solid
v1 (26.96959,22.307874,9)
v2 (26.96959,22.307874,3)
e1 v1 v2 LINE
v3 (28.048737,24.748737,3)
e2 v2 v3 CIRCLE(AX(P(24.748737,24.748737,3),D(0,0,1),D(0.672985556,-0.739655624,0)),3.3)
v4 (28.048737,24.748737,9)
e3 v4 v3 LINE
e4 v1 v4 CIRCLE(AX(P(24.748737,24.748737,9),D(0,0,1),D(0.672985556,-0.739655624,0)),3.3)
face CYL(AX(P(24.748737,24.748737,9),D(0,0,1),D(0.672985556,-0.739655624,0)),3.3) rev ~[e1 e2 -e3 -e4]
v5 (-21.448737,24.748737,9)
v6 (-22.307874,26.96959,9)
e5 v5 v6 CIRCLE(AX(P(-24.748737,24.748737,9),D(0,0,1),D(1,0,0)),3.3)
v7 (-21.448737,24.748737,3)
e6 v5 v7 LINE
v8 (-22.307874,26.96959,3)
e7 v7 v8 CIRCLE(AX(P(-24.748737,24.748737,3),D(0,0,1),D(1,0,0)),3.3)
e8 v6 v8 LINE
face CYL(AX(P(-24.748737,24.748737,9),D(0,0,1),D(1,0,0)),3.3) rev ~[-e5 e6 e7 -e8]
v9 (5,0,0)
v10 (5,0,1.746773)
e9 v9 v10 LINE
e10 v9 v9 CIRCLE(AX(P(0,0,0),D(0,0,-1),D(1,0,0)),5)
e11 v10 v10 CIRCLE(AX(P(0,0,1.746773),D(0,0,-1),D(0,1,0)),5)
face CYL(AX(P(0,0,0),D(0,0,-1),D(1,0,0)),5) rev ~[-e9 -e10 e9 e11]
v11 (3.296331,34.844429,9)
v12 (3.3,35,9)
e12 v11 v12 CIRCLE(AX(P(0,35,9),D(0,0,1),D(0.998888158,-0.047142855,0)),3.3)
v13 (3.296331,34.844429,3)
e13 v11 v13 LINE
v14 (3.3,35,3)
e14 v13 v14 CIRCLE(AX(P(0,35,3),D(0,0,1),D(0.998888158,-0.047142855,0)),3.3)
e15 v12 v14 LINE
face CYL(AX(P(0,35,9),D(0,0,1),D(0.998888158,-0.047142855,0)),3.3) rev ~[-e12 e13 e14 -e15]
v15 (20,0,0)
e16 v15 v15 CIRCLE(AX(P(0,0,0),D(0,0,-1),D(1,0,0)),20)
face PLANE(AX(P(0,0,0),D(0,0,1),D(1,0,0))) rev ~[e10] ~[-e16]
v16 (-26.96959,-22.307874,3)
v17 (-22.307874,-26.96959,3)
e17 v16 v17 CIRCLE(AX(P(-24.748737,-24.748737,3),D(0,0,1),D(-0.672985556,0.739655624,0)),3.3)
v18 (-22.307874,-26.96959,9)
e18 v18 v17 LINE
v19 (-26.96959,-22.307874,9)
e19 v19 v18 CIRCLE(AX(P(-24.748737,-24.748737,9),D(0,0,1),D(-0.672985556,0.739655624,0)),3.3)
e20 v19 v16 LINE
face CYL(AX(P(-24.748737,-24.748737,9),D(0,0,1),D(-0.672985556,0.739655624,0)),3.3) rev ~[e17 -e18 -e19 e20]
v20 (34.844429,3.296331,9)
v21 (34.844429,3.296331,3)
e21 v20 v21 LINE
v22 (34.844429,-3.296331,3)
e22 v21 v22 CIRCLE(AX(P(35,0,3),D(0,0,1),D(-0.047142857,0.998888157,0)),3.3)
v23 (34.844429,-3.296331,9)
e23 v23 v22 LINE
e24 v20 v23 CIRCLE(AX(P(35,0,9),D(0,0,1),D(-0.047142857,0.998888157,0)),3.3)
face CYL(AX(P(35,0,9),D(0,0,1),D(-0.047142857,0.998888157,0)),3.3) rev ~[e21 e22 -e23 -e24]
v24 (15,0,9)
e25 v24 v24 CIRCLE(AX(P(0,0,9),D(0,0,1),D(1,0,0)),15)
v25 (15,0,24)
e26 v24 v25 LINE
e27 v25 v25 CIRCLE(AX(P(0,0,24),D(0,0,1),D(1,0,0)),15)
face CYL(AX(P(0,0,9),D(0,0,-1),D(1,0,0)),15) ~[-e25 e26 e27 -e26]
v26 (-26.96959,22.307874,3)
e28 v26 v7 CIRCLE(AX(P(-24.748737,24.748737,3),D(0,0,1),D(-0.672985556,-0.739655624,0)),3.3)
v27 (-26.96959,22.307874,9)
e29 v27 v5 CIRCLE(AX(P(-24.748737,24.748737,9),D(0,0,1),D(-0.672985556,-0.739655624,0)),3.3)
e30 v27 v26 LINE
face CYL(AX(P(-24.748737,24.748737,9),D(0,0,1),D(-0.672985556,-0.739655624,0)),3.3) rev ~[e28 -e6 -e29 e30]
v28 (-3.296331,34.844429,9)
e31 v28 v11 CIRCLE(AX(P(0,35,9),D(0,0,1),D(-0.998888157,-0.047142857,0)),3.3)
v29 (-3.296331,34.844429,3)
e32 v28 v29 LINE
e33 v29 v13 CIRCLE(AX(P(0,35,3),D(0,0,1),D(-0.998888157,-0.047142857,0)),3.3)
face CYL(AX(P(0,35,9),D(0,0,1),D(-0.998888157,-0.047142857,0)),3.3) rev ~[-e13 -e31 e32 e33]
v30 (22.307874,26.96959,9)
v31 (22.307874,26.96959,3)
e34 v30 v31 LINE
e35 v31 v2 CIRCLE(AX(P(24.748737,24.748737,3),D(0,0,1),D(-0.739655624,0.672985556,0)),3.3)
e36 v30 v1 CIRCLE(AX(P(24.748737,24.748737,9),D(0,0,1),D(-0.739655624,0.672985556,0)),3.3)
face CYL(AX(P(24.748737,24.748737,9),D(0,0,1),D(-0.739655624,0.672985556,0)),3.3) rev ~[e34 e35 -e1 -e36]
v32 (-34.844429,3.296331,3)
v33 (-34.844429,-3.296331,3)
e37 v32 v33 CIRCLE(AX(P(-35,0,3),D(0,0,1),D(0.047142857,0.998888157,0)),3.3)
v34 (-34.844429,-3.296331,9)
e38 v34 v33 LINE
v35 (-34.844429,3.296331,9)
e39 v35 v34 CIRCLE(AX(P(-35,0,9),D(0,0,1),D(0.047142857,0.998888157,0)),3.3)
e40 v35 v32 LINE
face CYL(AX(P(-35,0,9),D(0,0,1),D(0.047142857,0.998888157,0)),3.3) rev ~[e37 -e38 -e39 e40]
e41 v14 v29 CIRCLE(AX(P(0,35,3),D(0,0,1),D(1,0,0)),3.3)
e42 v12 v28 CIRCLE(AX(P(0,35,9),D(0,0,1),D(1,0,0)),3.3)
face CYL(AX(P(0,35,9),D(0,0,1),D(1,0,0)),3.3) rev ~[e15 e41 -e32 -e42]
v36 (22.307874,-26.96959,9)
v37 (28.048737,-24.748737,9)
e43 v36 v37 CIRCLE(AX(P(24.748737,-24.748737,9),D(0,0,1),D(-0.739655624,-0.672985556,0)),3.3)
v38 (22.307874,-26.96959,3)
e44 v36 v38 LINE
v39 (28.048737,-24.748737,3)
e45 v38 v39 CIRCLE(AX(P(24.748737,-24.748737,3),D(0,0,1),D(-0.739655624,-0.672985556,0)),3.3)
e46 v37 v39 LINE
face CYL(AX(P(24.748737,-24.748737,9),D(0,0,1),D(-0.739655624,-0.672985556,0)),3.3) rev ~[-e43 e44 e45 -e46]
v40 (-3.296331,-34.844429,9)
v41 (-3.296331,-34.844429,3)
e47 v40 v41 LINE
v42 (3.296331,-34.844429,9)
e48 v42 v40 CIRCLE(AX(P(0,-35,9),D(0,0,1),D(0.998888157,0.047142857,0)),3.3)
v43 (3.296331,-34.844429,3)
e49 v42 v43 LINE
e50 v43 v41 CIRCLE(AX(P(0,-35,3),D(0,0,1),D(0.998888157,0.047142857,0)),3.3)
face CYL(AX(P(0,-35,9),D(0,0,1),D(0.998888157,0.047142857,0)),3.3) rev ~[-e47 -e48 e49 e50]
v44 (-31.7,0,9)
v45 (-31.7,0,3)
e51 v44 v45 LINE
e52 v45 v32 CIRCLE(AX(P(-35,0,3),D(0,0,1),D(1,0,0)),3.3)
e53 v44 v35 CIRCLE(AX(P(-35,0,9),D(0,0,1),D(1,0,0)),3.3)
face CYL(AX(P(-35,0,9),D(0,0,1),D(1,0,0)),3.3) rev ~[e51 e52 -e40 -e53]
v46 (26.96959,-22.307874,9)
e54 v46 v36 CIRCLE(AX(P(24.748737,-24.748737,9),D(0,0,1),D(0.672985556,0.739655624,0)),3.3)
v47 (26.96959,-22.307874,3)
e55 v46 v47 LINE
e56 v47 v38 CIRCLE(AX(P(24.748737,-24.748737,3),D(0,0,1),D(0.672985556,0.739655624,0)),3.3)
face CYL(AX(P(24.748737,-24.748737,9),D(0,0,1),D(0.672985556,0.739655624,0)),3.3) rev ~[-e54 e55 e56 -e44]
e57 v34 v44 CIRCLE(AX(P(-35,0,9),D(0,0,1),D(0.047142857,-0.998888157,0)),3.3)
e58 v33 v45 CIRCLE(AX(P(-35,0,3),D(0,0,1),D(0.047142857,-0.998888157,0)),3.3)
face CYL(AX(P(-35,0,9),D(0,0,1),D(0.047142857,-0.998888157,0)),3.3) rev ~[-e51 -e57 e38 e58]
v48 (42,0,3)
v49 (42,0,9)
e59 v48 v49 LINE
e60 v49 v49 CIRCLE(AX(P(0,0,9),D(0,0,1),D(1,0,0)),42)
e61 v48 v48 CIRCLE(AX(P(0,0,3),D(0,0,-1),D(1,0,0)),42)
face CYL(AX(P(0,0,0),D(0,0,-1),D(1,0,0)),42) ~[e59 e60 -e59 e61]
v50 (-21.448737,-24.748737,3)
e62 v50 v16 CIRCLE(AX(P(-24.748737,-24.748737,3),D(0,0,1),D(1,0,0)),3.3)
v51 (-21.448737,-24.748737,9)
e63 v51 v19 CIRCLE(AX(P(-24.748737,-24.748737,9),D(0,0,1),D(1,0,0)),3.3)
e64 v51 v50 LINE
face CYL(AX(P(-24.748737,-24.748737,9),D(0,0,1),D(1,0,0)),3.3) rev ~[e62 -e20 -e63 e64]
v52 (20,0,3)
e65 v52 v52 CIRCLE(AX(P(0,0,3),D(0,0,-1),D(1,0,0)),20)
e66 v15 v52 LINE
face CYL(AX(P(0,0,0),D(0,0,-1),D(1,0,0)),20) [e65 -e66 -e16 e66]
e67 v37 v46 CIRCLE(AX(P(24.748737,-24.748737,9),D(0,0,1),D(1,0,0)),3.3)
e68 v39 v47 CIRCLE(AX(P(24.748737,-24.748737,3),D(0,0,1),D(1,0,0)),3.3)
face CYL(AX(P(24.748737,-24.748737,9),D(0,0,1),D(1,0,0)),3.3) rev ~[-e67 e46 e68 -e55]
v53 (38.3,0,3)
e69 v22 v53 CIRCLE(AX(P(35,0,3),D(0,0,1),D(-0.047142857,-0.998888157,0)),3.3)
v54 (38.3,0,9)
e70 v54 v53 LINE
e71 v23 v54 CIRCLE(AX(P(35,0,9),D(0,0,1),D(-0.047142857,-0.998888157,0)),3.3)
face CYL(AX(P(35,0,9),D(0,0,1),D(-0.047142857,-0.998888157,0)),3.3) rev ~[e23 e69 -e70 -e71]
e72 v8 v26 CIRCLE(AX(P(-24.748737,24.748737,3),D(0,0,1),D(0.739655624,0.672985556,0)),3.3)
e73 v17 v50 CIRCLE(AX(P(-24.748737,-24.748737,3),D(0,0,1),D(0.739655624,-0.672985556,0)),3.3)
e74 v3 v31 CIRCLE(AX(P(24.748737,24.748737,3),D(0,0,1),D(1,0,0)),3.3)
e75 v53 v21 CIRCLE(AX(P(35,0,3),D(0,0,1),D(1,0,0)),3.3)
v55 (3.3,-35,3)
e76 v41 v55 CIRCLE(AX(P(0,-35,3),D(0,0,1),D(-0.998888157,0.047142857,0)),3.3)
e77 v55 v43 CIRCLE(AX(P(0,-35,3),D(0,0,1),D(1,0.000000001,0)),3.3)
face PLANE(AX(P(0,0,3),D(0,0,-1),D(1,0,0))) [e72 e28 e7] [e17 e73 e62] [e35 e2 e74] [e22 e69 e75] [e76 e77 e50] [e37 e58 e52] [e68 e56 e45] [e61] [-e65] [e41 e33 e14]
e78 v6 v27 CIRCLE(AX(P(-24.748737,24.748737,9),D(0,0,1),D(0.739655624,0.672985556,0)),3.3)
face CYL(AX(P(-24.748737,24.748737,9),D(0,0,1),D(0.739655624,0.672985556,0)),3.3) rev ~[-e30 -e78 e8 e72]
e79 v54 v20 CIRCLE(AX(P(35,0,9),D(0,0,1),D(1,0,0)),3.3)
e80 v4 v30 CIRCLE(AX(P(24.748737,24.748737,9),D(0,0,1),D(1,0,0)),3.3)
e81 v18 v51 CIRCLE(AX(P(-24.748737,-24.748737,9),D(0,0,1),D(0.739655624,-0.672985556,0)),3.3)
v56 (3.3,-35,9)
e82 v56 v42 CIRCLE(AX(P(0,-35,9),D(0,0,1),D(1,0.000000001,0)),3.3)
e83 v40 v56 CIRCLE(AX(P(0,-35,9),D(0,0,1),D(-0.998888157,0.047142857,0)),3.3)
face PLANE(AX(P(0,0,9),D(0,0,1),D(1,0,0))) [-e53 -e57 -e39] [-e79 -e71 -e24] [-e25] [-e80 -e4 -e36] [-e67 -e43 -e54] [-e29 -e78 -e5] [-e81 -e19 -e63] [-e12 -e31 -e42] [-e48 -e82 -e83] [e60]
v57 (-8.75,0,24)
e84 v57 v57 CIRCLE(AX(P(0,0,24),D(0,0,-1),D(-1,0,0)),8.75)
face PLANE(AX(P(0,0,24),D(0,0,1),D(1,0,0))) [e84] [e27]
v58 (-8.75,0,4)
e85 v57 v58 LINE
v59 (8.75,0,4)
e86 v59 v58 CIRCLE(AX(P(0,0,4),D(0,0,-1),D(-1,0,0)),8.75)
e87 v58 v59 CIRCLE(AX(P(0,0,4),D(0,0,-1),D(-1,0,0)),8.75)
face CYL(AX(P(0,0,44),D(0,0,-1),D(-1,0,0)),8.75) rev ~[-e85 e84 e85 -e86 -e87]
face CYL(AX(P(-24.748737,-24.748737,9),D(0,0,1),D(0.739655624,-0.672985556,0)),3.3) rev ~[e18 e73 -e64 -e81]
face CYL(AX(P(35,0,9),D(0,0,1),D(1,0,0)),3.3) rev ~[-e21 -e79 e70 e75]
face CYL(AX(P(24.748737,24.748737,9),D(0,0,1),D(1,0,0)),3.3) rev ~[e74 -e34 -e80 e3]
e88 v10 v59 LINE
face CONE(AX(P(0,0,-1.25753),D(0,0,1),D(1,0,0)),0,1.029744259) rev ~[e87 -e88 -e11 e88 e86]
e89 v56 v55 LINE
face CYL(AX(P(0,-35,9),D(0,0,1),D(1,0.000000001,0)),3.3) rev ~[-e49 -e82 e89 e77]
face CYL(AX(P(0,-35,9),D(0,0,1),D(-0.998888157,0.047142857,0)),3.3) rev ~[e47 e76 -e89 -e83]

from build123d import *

# Parameters (mm, degrees)
F0_R      = 42
F1_DEPTH  = 9
F2_R      = 42
F2_R_2    = 20
F3_DEPTH  = 3
F4_R      = 15
F5_DEPTH  = 15
F8_DEPTH  = 25
F9_R      = 5
F10_DEPTH = 24.001
F11_D     = 17.5
F11_DEPTH = 20
F11_TIP   = 5.2575304165


with BuildPart() as f1:
    # F0 (on Top) → F1 (new body)
    with BuildSketch(Plane.XY):
        Circle(F0_R)
    extrude(amount=F1_DEPTH)

    # F2 (on face) → F3 (cut)
    with BuildSketch(Plane(origin=(0, 0, 0), x_dir=(1, 0, 0), z_dir=(0, 0, -1))):
        Circle(F2_R)
        Circle(F2_R_2, mode=Mode.SUBTRACT)
    extrude(amount=-F3_DEPTH, mode=Mode.SUBTRACT)

    # F4 (on face) → F5 (join)
    with BuildSketch(Plane.XY.offset(9)):
        Circle(F4_R)
    extrude(amount=F5_DEPTH)

    # F7 (on face) → F8 (cut)
    with BuildSketch(Plane.XY.offset(9)):
        with BuildLine():
            ThreePointArc((-3.2963309195, 34.8444285714), (0, 31.7), (3.2963309195, 34.8444285714))
            ThreePointArc((3.2963309195, 34.8444285714), (0, 35), (-3.2963309195, 34.8444285714))
        make_face()
        with BuildLine():
            ThreePointArc((-3.2963309195, 34.8444285714), (0, 35), (3.2963309195, 34.8444285714))
            ThreePointArc((3.2963309195, 34.8444285714), (3.2990826023, 34.9221926553), (3.3, 35))
            ThreePointArc((3.3, 35), (-0.0778073447, 38.2990826023), (-3.2963309195, 34.8444285714))
        make_face()
        with BuildLine():
            ThreePointArc((-21.4487373415, 24.7487373415), (-21.6710068674, 25.9393569822), (-22.3078737832, 26.9695896756))
            ThreePointArc((-22.3078737832, 26.9695896756), (-24.7487373415, 24.7487373415), (-26.9695896756, 22.3078737832))
            ThreePointArc((-26.9695896756, 22.3078737832), (-23.4143484744, 21.7305580309), (-21.4487373415, 24.7487373415))
        make_face()
        with BuildLine():
            ThreePointArc((-26.9695896756, 22.3078737832), (-24.7487373415, 24.7487373415), (-22.3078737832, 26.9695896756))
            ThreePointArc((-22.3078737832, 26.9695896756), (-27.0821897194, 27.0821897194), (-26.9695896756, 22.3078737832))
        make_face()
        with BuildLine():
            ThreePointArc((-31.7, 0), (-32.6121782191, 2.2777855788), (-34.8444285714, 3.2963309195))
            ThreePointArc((-34.8444285714, 3.2963309195), (-35, 0), (-34.8444285714, -3.2963309195))
            ThreePointArc((-34.8444285714, -3.2963309195), (-32.6121782191, -2.2777855788), (-31.7, 0))
        make_face()
        with BuildLine():
            ThreePointArc((-34.8444285714, -3.2963309195), (-35, 0), (-34.8444285714, 3.2963309195))
            ThreePointArc((-34.8444285714, 3.2963309195), (-38.3, 0), (-34.8444285714, -3.2963309195))
        make_face()
        with BuildLine():
            ThreePointArc((-26.9695896756, -22.3078737832), (-27.0821897194, -27.0821897194), (-22.3078737832, -26.9695896756))
            ThreePointArc((-22.3078737832, -26.9695896756), (-24.7487373415, -24.7487373415), (-26.9695896756, -22.3078737832))
        make_face()
        with BuildLine():
            ThreePointArc((-26.9695896756, -22.3078737832), (-24.7487373415, -24.7487373415), (-22.3078737832, -26.9695896756))
            ThreePointArc((-22.3078737832, -26.9695896756), (-21.6710068674, -25.9393569822), (-21.4487373415, -24.7487373415))
            ThreePointArc((-21.4487373415, -24.7487373415), (-23.4143484744, -21.7305580309), (-26.9695896756, -22.3078737832))
        make_face()
        with BuildLine():
            ThreePointArc((-3.2963309195, -34.8444285714), (0, -35), (3.2963309195, -34.8444285714))
            ThreePointArc((3.2963309195, -34.8444285714), (0, -31.7), (-3.2963309195, -34.8444285714))
        make_face()
        with BuildLine():
            ThreePointArc((3.3, -35), (3.2990826023, -34.9221926553), (3.2963309195, -34.8444285714))
            ThreePointArc((3.2963309195, -34.8444285714), (0, -35), (-3.2963309195, -34.8444285714))
            ThreePointArc((-3.2963309195, -34.8444285714), (-0.0778073447, -38.2990826023), (3.3, -35))
        make_face()
        with BuildLine():
            ThreePointArc((28.0487373415, -24.7487373415), (27.7669166522, -23.4143484744), (26.9695896756, -22.3078737832))
            ThreePointArc((26.9695896756, -22.3078737832), (24.7487373415, -24.7487373415), (22.3078737832, -26.9695896756))
            ThreePointArc((22.3078737832, -26.9695896756), (25.9393569822, -27.8264678156), (28.0487373415, -24.7487373415))
        make_face()
        with BuildLine():
            ThreePointArc((22.3078737832, -26.9695896756), (24.7487373415, -24.7487373415), (26.9695896756, -22.3078737832))
            ThreePointArc((26.9695896756, -22.3078737832), (22.4152849636, -22.4152849636), (22.3078737832, -26.9695896756))
        make_face()
        with BuildLine():
            ThreePointArc((34.8444285714, 3.2963309195), (34.9610855095, 1.65), (35, 0))
            ThreePointArc((35, 0), (34.9610855095, -1.65), (34.8444285714, -3.2963309195))
            ThreePointArc((34.8444285714, -3.2963309195), (37.2777855788, -2.3878217809), (38.3, 0))
            ThreePointArc((38.3, 0), (37.2777855788, 2.3878217809), (34.8444285714, 3.2963309195))
        make_face()
        with BuildLine():
            ThreePointArc((34.8444285714, -3.2963309195), (34.9610855095, -1.65), (35, 0))
            ThreePointArc((35, 0), (34.9610855095, 1.65), (34.8444285714, 3.2963309195))
            ThreePointArc((34.8444285714, 3.2963309195), (31.7, 0), (34.8444285714, -3.2963309195))
        make_face()
        with BuildLine():
            ThreePointArc((22.3078737832, 26.9695896756), (22.4152849636, 22.4152849636), (26.9695896756, 22.3078737832))
            ThreePointArc((26.9695896756, 22.3078737832), (24.7487373415, 24.7487373415), (22.3078737832, 26.9695896756))
        make_face()
        with BuildLine():
            ThreePointArc((22.3078737832, 26.9695896756), (24.7487373415, 24.7487373415), (26.9695896756, 22.3078737832))
            ThreePointArc((26.9695896756, 22.3078737832), (27.7669166522, 23.4143484744), (28.0487373415, 24.7487373415))
            ThreePointArc((28.0487373415, 24.7487373415), (25.9393569822, 27.8264678156), (22.3078737832, 26.9695896756))
        make_face()
    extrude(amount=-F8_DEPTH, mode=Mode.SUBTRACT)

    # F9 (on face) → F10 (cut, through all)
    with BuildSketch(Plane(origin=(0, 0, 0), x_dir=(1, 0, 0), z_dir=(0, 0, -1))):
        Circle(F9_R)
    extrude(amount=-F10_DEPTH, mode=Mode.SUBTRACT)

    # F11
    with Locations(Plane.XY.offset(24)):
        with Locations((0, 0)):
            Hole(F11_D / 2, depth=F11_DEPTH)
            with Locations((0, 0, -(F11_DEPTH + F11_TIP / 2))):  # 118° drill point
                Cone(0, F11_D / 2, F11_TIP, mode=Mode.SUBTRACT)


solid = f1.part
